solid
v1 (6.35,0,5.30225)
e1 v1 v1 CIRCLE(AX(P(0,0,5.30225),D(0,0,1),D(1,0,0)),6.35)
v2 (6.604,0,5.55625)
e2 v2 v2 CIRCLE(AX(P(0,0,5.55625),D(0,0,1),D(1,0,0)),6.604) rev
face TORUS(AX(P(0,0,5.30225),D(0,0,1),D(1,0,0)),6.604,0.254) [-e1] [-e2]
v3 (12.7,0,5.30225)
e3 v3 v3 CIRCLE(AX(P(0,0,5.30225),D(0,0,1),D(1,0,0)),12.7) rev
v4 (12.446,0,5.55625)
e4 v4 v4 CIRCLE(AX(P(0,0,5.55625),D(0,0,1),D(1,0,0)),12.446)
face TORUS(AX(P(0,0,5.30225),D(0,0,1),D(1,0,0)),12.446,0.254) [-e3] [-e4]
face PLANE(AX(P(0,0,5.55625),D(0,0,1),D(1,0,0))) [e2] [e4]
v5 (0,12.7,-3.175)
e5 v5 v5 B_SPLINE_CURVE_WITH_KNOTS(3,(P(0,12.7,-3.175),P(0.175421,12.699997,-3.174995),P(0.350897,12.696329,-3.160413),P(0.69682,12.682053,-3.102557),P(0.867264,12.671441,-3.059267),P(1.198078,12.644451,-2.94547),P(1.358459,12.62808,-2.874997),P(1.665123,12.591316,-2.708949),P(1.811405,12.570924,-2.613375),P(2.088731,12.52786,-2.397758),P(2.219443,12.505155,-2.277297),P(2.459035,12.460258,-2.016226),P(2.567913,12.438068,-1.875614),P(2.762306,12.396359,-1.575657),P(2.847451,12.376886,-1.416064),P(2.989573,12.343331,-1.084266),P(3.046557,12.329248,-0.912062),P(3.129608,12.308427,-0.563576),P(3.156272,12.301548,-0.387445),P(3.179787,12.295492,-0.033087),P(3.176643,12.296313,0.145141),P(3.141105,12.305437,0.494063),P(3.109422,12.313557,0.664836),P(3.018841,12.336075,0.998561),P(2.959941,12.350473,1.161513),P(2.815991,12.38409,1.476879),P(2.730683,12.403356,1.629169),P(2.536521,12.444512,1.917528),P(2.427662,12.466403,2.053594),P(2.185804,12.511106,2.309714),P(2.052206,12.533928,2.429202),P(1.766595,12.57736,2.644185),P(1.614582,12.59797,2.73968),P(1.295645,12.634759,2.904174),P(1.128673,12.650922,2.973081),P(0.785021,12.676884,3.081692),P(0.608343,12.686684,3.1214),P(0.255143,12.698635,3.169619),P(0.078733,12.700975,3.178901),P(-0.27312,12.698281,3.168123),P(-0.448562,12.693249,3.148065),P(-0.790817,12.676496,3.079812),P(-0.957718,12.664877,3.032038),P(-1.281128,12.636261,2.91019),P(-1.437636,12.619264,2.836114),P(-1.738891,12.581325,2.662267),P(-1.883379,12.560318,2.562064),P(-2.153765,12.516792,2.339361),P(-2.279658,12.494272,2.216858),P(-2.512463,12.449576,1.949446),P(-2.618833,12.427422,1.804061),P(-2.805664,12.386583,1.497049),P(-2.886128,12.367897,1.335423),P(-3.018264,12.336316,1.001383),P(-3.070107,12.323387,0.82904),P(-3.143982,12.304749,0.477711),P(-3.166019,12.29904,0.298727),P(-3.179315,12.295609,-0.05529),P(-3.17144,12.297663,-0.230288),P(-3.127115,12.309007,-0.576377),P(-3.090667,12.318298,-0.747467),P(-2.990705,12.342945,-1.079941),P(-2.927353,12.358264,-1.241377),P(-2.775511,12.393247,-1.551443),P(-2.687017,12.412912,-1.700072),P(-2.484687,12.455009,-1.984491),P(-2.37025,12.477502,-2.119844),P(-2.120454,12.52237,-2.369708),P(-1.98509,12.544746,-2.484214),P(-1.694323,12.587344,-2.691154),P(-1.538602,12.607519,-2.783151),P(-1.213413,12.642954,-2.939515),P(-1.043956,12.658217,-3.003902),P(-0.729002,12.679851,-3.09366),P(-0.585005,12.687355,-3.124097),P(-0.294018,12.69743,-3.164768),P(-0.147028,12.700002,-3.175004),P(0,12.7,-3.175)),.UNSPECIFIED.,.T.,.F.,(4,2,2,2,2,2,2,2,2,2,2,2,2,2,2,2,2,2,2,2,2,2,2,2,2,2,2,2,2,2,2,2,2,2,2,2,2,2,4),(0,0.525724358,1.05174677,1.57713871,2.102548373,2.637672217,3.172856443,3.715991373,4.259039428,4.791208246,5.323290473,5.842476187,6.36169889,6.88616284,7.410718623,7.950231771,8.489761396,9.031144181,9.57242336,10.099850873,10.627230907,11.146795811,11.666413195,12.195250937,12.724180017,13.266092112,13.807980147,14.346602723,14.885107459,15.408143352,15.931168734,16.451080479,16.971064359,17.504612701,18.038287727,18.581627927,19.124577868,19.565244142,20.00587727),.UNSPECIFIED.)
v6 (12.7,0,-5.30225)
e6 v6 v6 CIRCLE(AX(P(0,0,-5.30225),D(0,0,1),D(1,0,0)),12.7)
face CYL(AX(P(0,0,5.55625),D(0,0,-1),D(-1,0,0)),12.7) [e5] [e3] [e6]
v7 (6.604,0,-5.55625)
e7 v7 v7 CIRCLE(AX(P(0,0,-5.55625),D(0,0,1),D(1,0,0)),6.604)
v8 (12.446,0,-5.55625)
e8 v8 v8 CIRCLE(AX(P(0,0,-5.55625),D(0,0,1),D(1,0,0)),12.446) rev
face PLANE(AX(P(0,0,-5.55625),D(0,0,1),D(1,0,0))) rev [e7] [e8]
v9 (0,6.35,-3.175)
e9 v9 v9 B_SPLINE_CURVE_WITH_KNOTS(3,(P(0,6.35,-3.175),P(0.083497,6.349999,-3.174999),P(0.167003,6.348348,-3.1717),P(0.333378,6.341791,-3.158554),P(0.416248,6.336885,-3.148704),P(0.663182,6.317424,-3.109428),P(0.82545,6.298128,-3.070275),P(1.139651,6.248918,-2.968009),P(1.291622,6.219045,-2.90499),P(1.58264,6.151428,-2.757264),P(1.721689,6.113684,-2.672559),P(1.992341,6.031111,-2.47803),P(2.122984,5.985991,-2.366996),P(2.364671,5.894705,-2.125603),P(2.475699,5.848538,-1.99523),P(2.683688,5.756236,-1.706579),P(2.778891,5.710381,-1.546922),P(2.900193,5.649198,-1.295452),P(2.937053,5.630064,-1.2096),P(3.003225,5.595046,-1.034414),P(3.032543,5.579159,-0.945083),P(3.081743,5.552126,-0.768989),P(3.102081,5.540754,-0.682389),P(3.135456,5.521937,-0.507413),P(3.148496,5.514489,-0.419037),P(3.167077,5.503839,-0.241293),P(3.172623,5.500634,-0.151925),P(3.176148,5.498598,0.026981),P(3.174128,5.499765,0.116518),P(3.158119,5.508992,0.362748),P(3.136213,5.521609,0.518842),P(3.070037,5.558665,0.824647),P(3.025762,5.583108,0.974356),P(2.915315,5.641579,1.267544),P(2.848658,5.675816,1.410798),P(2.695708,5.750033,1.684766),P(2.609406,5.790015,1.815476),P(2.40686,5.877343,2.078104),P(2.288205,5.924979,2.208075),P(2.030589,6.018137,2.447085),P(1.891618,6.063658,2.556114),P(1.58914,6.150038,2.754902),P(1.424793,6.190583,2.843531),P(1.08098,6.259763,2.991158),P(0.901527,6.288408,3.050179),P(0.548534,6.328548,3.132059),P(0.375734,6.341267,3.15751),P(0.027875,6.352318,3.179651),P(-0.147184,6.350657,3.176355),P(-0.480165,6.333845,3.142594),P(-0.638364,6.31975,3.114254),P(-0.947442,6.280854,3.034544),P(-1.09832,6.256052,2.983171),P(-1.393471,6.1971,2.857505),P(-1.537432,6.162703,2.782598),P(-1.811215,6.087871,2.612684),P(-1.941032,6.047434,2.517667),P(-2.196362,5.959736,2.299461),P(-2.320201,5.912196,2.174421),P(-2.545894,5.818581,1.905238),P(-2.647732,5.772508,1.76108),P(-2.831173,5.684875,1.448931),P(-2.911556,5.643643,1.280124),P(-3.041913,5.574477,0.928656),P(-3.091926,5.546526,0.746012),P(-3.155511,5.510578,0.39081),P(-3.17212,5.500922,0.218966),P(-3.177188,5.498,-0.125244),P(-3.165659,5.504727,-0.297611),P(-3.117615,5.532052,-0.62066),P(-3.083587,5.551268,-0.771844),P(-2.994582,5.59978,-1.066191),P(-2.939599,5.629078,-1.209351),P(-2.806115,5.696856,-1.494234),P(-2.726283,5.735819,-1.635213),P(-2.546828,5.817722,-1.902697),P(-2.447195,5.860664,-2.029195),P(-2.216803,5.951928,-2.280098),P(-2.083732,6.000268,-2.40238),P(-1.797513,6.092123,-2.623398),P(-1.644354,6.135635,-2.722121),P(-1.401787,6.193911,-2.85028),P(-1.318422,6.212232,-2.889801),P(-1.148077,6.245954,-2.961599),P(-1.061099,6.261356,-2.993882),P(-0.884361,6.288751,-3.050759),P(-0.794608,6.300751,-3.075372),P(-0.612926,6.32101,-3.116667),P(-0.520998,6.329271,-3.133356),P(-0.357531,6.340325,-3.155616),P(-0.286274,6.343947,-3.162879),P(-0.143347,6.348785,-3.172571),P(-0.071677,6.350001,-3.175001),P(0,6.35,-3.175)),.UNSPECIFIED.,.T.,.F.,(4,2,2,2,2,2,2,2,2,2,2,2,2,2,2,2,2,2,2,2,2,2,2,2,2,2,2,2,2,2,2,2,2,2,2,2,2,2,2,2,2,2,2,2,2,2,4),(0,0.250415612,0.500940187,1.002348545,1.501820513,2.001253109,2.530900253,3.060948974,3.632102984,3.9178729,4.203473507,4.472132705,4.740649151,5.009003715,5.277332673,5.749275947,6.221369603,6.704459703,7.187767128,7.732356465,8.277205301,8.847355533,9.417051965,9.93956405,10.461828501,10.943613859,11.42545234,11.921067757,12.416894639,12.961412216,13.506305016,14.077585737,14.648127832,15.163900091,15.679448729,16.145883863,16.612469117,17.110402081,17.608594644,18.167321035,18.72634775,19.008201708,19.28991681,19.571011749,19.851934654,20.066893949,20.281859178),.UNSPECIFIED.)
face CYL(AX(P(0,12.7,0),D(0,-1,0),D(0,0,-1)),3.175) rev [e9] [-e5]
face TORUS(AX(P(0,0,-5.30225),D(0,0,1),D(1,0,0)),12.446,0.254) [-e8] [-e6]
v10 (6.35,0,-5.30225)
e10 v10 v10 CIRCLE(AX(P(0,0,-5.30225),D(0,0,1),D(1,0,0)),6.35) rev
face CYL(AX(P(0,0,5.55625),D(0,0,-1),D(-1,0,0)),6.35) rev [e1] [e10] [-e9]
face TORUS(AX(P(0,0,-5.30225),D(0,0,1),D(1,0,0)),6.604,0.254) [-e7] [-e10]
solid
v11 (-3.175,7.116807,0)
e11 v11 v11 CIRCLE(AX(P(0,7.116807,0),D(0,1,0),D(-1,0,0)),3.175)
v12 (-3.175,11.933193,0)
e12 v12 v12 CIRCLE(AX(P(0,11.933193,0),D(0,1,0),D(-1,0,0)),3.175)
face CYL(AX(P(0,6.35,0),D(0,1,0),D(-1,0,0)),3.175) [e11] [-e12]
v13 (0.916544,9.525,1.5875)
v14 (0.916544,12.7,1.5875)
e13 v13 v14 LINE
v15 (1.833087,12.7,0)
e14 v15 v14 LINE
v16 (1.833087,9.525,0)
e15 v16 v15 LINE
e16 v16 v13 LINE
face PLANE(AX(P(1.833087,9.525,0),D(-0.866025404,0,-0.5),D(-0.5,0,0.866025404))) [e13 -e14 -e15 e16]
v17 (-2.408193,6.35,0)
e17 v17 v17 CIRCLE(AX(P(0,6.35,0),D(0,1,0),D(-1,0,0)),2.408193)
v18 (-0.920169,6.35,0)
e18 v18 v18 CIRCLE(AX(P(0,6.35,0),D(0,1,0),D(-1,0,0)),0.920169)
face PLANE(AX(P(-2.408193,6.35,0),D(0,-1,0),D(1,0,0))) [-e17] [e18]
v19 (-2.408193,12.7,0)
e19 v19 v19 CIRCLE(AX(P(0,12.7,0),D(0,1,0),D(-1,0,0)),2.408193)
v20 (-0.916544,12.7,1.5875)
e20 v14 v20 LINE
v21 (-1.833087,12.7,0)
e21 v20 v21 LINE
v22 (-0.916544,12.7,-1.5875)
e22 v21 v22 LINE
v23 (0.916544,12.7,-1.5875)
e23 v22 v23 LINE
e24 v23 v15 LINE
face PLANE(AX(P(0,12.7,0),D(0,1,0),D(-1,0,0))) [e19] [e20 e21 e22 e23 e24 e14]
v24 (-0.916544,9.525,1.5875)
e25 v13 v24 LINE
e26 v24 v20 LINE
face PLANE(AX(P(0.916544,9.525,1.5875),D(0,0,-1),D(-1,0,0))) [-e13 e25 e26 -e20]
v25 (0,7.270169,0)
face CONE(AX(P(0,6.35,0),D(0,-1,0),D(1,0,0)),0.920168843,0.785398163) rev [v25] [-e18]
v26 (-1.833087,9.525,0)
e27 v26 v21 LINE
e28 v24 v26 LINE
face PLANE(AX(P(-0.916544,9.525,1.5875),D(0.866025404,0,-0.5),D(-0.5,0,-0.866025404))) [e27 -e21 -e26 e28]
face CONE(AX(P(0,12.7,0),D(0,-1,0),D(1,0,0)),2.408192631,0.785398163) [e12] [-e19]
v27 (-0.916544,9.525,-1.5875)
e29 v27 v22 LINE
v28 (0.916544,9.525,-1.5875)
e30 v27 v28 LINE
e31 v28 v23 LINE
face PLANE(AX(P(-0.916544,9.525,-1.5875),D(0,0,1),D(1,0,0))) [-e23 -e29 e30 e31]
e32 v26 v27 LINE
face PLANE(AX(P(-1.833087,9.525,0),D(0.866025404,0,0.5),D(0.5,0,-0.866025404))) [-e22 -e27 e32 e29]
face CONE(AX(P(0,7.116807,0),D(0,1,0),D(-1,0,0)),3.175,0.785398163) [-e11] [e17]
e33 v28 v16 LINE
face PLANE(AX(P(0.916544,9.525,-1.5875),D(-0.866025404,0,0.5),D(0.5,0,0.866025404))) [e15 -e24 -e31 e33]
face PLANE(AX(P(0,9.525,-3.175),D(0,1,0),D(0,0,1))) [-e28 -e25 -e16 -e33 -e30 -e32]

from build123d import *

# Parameters (mm, degrees)
SKETCH1_R          = 12.7
SKETCH1_R_2        = 6.35
EXTRUDE1_DEPTH     = 5.55625
SKETCH2_R          = 3.175
CUT_EXTRUDE1_DEPTH = 13.7
FILLET1_R          = 0.254
CUT_EXTRUDE2_DEPTH = 3.175


with BuildPart() as part:
    # Sketch1 → Extrude1 (new body, symmetric)
    with BuildSketch(Plane.XY):
        Circle(SKETCH1_R)
        Circle(SKETCH1_R_2, mode=Mode.SUBTRACT)
    extrude(amount=EXTRUDE1_DEPTH, both=True)

    # Sketch2 → Cut-Extrude1 (cut, through all)
    with BuildSketch(Plane(origin=(41.275, 0, 0), x_dir=(0, 0, -1), z_dir=(0, -1, 0))):
        with Locations((0, -41.275)):
            Circle(SKETCH2_R)
    extrude(amount=-CUT_EXTRUDE1_DEPTH, mode=Mode.SUBTRACT)

    # Fillet1
    fillet1_edges = [part.edges().sort_by_distance(p)[0] for p in [
        (-12.7, 0, -5.55625),
        (-12.7, 0, 5.55625),
        (-6.35, 0, -5.55625),
        (-6.35, 0, 5.55625),
    ]]
    fillet(fillet1_edges, radius=FILLET1_R)


with BuildPart() as body_2:
    # Sketch3 → Revolve1 (revolve)
    with BuildSketch(Plane.XY):
        Polygon((-2.408192631, 6.35), (-0.920168843, 6.35), (0, 7.270168843), (0, 12.7), (-2.408192631, 12.7), (-3.175, 11.933192631), (-3.175, 7.116807369), align=None)
    revolve(axis=Axis((0, 6.35, 0), (0, -1, 0)))

    # Sketch4 → Cut-Extrude2 (cut)
    with BuildSketch(Plane(origin=(3.3734375, 12.7, 0), x_dir=(0, 0, -1), z_dir=(0, -1, 0))):
        Polygon((0, -1.540350395), (-1.5875, -2.456893948), (-1.5875, -4.289981052), (0, -5.206524605), (1.5875, -4.289981052), (1.5875, -2.456893948), align=None)
    extrude(amount=CUT_EXTRUDE2_DEPTH, mode=Mode.SUBTRACT)


solid = Compound([part.part, body_2.part])
